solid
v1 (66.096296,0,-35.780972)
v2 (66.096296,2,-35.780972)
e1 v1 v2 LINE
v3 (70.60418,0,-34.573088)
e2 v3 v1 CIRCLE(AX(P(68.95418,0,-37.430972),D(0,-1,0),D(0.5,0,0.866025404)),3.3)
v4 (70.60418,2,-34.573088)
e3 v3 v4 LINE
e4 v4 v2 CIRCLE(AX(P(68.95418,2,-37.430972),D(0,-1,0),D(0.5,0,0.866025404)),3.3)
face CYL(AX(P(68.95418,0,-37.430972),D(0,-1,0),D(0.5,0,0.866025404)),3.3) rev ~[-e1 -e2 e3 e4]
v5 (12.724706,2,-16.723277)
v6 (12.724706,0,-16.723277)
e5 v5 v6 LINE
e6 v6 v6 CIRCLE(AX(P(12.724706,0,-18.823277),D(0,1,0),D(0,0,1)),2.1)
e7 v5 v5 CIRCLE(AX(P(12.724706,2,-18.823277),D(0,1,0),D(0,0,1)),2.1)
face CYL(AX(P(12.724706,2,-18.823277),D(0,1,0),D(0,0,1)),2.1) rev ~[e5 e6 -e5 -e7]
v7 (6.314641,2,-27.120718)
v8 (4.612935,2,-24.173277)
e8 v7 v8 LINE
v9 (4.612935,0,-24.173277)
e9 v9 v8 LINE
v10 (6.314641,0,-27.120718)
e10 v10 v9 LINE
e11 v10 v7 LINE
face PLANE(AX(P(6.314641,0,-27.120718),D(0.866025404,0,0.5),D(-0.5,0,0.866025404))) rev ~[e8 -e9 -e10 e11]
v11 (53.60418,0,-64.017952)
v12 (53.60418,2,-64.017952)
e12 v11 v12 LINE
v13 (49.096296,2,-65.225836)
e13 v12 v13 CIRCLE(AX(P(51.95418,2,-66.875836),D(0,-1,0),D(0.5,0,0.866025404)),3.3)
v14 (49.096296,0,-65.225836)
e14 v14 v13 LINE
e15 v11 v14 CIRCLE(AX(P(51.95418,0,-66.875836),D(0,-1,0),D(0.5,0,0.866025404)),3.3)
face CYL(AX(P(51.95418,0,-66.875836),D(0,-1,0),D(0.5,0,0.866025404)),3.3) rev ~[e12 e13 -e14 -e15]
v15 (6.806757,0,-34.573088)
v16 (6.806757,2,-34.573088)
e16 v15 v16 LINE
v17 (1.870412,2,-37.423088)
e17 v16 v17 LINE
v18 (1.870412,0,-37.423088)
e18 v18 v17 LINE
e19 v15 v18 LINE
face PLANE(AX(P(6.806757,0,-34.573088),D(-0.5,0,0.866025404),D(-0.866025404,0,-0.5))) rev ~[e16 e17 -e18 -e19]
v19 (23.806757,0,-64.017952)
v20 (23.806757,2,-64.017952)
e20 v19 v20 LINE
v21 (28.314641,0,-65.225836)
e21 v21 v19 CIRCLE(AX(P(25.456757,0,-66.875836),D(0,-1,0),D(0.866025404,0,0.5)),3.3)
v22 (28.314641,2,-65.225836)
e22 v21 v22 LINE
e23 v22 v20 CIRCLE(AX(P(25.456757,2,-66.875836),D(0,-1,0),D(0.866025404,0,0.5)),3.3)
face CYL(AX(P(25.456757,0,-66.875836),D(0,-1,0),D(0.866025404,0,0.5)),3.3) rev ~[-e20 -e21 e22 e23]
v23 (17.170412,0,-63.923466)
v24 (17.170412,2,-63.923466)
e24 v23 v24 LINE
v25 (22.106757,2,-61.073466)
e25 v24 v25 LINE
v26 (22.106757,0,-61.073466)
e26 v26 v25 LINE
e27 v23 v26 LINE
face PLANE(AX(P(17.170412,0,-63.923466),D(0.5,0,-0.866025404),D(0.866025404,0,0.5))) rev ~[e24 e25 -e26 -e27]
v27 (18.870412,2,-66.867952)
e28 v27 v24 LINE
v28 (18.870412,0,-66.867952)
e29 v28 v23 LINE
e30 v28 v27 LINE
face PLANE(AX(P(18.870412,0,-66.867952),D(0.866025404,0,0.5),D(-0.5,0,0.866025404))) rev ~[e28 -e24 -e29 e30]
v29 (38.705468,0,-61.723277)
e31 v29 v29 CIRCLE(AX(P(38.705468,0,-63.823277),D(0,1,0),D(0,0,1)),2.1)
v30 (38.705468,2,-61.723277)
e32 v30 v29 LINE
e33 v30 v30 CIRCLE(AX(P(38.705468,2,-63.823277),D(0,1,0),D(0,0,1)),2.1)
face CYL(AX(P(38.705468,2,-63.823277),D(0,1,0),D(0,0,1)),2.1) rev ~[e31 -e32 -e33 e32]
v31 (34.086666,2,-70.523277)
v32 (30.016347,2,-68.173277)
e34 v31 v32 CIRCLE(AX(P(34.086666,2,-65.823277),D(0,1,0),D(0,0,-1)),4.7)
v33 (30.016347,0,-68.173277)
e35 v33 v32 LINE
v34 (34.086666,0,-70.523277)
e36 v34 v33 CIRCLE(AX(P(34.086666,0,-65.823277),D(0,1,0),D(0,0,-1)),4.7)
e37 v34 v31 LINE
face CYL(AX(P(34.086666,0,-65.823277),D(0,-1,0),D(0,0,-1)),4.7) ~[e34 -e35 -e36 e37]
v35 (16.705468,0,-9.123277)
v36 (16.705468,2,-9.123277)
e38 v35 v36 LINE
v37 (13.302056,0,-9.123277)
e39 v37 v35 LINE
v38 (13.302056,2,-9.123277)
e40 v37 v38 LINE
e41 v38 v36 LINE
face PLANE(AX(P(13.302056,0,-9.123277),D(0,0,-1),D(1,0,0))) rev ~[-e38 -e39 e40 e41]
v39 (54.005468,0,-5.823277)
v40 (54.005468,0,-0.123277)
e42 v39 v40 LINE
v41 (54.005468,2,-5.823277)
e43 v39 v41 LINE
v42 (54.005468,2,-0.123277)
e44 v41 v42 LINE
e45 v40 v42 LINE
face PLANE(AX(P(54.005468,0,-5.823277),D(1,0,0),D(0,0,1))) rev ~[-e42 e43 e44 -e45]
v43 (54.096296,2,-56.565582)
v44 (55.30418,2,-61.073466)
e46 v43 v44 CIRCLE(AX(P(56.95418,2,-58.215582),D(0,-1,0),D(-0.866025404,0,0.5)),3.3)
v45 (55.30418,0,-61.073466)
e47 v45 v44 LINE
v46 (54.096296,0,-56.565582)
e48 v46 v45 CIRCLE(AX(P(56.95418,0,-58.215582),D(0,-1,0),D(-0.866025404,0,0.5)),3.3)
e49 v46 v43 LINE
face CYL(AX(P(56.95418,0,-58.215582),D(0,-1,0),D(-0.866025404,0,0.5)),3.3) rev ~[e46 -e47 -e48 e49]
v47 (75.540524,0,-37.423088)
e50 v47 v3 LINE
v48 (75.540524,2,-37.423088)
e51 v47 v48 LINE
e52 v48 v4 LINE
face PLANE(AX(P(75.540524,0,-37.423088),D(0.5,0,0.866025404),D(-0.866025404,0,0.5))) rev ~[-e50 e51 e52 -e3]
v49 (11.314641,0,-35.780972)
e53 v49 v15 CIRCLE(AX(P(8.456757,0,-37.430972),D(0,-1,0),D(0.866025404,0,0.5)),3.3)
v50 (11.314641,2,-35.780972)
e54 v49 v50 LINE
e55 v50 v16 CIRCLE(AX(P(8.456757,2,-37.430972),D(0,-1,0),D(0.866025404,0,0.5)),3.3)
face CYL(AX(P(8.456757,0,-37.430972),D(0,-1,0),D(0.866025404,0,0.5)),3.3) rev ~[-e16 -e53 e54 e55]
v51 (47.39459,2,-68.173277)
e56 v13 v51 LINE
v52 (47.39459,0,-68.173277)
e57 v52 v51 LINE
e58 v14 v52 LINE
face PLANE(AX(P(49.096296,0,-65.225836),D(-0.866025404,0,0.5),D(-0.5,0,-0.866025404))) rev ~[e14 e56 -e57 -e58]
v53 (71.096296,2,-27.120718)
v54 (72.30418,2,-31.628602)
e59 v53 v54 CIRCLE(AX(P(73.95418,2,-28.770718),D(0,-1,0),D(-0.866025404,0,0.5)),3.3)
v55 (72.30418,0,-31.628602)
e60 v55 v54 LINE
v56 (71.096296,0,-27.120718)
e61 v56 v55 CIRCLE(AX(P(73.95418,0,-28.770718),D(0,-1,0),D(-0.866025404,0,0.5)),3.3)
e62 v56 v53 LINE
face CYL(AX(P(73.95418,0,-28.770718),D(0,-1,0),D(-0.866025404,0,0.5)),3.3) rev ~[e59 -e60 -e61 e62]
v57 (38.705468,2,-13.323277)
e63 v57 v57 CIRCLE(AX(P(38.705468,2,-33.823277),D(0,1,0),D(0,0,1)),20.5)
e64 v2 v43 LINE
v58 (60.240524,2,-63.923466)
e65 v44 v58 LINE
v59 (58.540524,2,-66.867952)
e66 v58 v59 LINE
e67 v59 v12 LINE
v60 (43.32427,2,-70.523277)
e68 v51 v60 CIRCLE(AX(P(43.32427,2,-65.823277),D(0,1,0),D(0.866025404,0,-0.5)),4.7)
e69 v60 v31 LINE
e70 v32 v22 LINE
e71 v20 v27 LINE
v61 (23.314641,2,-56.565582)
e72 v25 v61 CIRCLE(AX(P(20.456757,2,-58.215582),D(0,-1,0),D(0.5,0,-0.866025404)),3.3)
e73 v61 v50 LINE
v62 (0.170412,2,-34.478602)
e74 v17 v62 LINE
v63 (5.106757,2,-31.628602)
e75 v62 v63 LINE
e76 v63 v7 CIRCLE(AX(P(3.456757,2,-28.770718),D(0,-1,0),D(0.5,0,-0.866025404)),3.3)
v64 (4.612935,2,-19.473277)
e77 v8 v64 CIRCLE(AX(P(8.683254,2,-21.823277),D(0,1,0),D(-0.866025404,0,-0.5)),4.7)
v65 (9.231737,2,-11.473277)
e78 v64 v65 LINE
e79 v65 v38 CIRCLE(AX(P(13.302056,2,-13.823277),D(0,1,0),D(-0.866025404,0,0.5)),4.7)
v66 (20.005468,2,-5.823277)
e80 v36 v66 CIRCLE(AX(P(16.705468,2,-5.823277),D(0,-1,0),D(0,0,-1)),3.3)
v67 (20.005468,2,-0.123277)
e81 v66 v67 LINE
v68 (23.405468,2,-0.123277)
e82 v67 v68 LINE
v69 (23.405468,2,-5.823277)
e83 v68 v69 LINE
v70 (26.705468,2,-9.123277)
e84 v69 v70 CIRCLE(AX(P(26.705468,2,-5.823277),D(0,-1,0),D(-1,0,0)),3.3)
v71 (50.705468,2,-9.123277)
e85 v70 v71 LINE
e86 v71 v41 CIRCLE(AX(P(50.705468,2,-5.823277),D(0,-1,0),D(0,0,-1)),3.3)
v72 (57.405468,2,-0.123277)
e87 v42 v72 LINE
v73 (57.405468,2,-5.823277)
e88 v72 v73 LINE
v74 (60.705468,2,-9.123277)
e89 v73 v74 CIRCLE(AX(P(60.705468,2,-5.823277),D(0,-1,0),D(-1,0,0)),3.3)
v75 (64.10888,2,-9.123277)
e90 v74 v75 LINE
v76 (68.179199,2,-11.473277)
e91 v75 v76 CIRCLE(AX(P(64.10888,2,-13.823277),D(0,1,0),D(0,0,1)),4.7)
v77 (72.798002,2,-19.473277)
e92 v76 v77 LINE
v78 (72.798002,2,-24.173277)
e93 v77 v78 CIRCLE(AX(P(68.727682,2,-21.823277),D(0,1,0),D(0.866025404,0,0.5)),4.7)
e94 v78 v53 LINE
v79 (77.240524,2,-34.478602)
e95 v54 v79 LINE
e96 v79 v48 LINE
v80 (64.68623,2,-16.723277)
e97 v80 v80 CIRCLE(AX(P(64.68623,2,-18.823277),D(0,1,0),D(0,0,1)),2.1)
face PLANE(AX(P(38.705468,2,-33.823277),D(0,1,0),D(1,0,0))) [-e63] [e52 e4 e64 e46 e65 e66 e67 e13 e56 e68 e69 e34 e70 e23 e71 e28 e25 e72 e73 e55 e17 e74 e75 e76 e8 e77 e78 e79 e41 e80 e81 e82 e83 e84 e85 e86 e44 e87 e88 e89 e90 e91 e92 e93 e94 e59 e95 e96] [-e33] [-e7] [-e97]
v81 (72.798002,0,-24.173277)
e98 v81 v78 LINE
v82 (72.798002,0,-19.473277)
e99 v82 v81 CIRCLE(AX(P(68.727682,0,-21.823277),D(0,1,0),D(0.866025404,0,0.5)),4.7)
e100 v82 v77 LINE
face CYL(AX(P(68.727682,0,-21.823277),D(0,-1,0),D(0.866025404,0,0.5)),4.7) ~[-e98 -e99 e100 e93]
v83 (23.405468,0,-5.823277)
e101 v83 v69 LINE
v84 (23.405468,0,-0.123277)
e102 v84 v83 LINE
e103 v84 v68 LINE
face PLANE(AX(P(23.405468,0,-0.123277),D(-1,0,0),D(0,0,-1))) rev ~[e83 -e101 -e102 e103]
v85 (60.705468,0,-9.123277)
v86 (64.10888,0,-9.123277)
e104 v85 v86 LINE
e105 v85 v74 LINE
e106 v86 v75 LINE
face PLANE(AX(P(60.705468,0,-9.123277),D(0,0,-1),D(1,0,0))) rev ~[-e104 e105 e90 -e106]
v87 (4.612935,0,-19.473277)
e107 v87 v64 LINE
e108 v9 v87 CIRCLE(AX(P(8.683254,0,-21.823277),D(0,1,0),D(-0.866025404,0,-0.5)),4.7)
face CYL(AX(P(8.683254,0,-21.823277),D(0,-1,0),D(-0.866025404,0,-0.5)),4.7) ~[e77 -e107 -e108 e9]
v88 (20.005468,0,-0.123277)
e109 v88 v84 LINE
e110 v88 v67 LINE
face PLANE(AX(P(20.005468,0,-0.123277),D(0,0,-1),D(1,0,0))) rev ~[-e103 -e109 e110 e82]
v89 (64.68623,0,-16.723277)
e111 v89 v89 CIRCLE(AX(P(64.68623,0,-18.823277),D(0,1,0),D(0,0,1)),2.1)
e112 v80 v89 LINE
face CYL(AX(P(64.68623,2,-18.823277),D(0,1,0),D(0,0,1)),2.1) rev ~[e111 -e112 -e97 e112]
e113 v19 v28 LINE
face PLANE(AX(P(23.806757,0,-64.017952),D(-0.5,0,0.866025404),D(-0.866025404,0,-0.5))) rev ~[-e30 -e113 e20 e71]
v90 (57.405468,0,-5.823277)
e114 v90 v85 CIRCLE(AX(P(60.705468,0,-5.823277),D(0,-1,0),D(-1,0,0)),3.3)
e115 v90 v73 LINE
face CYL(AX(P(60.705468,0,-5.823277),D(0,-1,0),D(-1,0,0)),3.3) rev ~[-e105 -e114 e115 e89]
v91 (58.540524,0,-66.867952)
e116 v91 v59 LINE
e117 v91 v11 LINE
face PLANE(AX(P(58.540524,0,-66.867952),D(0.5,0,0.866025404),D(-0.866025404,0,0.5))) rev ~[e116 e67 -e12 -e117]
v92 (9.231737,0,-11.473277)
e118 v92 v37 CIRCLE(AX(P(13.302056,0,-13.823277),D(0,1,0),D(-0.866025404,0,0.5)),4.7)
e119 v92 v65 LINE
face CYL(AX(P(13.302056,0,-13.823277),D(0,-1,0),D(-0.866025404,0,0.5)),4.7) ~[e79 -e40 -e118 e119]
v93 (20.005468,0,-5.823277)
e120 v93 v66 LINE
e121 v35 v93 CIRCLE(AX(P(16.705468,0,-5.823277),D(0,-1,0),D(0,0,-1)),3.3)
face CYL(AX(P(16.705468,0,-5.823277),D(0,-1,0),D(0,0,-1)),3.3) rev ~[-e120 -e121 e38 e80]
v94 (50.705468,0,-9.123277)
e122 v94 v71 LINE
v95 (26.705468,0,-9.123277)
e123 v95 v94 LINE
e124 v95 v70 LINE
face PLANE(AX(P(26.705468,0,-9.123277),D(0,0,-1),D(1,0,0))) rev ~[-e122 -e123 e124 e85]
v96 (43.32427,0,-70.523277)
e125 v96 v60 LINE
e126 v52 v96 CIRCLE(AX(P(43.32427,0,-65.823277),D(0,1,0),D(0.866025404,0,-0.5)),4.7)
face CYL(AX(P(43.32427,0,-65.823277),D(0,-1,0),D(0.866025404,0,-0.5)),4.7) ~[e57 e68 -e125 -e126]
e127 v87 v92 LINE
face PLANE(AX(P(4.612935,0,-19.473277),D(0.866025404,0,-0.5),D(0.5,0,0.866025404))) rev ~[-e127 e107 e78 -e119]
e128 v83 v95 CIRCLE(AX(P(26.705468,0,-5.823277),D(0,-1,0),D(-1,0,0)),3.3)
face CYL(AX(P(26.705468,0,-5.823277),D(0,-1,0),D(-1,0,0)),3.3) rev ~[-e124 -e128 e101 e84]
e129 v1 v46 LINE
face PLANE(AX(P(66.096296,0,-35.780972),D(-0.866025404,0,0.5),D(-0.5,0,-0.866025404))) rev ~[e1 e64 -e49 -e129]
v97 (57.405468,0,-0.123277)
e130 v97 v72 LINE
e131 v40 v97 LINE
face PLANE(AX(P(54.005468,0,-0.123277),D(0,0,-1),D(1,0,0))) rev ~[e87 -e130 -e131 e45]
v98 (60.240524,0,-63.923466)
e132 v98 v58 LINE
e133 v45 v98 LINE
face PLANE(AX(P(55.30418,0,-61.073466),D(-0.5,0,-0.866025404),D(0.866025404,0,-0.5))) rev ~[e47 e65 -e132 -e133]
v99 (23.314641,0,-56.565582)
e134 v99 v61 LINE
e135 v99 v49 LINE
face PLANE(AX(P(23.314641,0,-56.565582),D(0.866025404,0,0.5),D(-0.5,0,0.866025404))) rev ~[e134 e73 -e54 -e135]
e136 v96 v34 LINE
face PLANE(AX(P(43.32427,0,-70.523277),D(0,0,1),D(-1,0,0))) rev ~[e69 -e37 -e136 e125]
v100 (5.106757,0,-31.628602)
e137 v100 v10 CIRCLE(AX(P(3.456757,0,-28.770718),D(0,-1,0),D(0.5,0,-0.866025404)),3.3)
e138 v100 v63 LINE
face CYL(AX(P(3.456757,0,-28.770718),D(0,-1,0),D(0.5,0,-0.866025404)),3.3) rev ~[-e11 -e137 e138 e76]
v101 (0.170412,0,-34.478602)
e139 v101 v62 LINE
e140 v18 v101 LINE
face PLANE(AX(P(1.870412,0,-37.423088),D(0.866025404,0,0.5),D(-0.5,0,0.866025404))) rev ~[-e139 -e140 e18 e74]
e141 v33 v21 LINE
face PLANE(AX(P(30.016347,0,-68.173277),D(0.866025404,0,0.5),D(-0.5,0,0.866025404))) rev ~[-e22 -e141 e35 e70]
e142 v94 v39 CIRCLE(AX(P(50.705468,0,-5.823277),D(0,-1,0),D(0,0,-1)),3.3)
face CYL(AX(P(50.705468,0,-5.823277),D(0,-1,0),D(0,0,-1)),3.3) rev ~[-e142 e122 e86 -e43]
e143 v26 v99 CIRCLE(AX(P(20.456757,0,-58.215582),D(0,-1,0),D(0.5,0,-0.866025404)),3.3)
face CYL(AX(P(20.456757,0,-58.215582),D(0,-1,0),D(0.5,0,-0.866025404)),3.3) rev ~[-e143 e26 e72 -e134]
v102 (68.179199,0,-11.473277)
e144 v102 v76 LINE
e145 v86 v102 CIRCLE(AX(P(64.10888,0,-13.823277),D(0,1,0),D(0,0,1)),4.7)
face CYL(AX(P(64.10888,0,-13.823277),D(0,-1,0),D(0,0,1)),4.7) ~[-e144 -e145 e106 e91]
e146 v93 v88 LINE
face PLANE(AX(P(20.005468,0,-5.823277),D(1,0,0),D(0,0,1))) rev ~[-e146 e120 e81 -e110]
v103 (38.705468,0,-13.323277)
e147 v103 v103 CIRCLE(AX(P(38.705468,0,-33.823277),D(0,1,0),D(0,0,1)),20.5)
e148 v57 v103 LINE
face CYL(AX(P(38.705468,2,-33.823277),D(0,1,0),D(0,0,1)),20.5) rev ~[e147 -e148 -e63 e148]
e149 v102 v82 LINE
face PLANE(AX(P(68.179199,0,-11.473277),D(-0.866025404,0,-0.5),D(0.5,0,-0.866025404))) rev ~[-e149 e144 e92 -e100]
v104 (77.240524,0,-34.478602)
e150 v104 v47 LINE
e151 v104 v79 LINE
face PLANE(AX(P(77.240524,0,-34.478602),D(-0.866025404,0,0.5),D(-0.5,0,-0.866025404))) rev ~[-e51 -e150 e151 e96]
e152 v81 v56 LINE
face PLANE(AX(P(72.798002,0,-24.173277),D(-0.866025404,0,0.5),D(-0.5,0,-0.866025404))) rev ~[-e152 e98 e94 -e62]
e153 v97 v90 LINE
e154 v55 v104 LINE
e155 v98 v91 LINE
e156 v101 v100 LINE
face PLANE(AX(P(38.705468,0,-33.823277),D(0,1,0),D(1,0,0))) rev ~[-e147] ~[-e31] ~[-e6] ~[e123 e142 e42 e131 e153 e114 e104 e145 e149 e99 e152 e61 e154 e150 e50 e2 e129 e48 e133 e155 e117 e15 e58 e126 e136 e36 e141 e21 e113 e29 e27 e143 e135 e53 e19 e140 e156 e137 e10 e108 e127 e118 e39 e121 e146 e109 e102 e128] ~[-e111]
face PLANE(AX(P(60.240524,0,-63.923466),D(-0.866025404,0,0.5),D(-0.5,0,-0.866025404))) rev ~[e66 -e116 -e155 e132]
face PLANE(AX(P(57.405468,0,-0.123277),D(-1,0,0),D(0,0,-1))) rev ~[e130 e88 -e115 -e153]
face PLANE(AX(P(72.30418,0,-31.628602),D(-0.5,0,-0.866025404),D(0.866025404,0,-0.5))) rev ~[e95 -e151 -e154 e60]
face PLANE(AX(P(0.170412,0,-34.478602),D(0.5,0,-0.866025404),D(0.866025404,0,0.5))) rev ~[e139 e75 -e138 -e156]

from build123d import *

# Parameters (mm, degrees)
BOSS_EXTRUDE1_DEPTH = 2
SKETCH4_R           = 2.1
CUT_EXTRUDE1_DEPTH  = 105.611811864
SKETCH5_R           = 20.5
CUT_EXTRUDE2_DEPTH  = 105.611811864


with BuildPart() as part:
    # Sketch1 → Boss-Extrude1 (new body)
    with BuildSketch(Plane(origin=(0, 0, 0), x_dir=(1, 0, 0), z_dir=(0, 1, 0))):
        with BuildLine():
            Line((49.096295698, 65.225835767), (47.394589776, 68.173276884))
            ThreePointArc((47.394589776, 68.173276884), (45.674270378, 69.893596282), (43.324270378, 70.523276884))
            Line((43.324270378, 70.523276884), (34.086666071, 70.523276884))
            ThreePointArc((34.086666071, 70.523276884), (31.736666071, 69.893596282), (30.016346673, 68.173276884))
            Line((30.016346673, 68.173276884), (28.314640751, 65.225835767))
            ThreePointArc((28.314640751, 65.225835767), (26.310859767, 63.688280541), (23.806756919, 64.017951935))
            Line((23.806756919, 64.017951935), (18.870412117, 66.867951935))
            Line((18.870412117, 66.867951935), (17.170412117, 63.923465562))
            Line((17.170412117, 63.923465562), (22.106756919, 61.073465562))
            ThreePointArc((22.106756919, 61.073465562), (23.644312145, 59.069684578), (23.314640751, 56.565581729))
            Line((23.314640751, 56.565581729), (11.314640751, 35.780972039))
            ThreePointArc((11.314640751, 35.780972039), (9.310859767, 34.243416812), (6.806756919, 34.573088206))
            Line((6.806756919, 34.573088206), (1.870412117, 37.423088206))
            Line((1.870412117, 37.423088206), (0.170412117, 34.478601833))
            Line((0.170412117, 34.478601833), (5.106756919, 31.628601833))
            ThreePointArc((5.106756919, 31.628601833), (6.644312145, 29.62482085), (6.314640751, 27.120718001))
            Line((6.314640751, 27.120718001), (4.612934829, 24.173276884))
            ThreePointArc((4.612934829, 24.173276884), (3.983254227, 21.823276884), (4.612934829, 19.473276884))
            Line((4.612934829, 19.473276884), (9.231736982, 11.473276884))
            ThreePointArc((9.231736982, 11.473276884), (10.95205638, 9.752957486), (13.30205638, 9.123276884))
            Line((13.30205638, 9.123276884), (16.705468225, 9.123276884))
            ThreePointArc((16.705468225, 9.123276884), (19.038920602, 8.156729262), (20.005468225, 5.823276884))
            Line((20.005468225, 5.823276884), (20.005468225, 0.123276884))
            Line((20.005468225, 0.123276884), (23.405468225, 0.123276884))
            Line((23.405468225, 0.123276884), (23.405468225, 5.823276884))
            ThreePointArc((23.405468225, 5.823276884), (24.372015847, 8.156729262), (26.705468225, 9.123276884))
            Line((26.705468225, 9.123276884), (50.705468225, 9.123276884))
            ThreePointArc((50.705468225, 9.123276884), (53.038920602, 8.156729262), (54.005468225, 5.823276884))
            Line((54.005468225, 5.823276884), (54.005468225, 0.123276884))
            Line((54.005468225, 0.123276884), (57.405468225, 0.123276884))
            Line((57.405468225, 0.123276884), (57.405468225, 5.823276884))
            ThreePointArc((57.405468225, 5.823276884), (58.372015847, 8.156729262), (60.705468225, 9.123276884))
            Line((60.705468225, 9.123276884), (64.108880069, 9.123276884))
            ThreePointArc((64.108880069, 9.123276884), (66.458880069, 9.752957486), (68.179199467, 11.473276884))
            Line((68.179199467, 11.473276884), (72.79800162, 19.473276884))
            ThreePointArc((72.79800162, 19.473276884), (73.427682222, 21.823276884), (72.79800162, 24.173276884))
            Line((72.79800162, 24.173276884), (71.096295698, 27.120718001))
            ThreePointArc((71.096295698, 27.120718001), (70.766624304, 29.62482085), (72.304179531, 31.628601833))
            Line((72.304179531, 31.628601833), (77.240524332, 34.478601833))
            Line((77.240524332, 34.478601833), (75.540524332, 37.423088206))
            Line((75.540524332, 37.423088206), (70.604179531, 34.573088206))
            ThreePointArc((70.604179531, 34.573088206), (68.100076682, 34.243416812), (66.096295698, 35.780972039))
            Line((66.096295698, 35.780972039), (54.096295698, 56.565581729))
            ThreePointArc((54.096295698, 56.565581729), (53.766624304, 59.069684578), (55.304179531, 61.073465562))
            Line((55.304179531, 61.073465562), (60.240524332, 63.923465562))
            Line((60.240524332, 63.923465562), (58.540524332, 66.867951935))
            Line((58.540524332, 66.867951935), (53.604179531, 64.017951935))
            ThreePointArc((53.604179531, 64.017951935), (51.100076682, 63.688280541), (49.096295698, 65.225835767))
        make_face()
    extrude(amount=BOSS_EXTRUDE1_DEPTH)

    # Sketch4 → Cut-Extrude1 (cut, through all)
    with BuildSketch(Plane(origin=(0, 2, 0), x_dir=(1, 0, 0), z_dir=(0, 1, 0))):
        with Locations(Location((38.705468225, 63.823276884, 0), (0, 0, 270))):
            Circle(SKETCH4_R)
        with Locations(Location((12.724706111, 18.823276884, 0), (0, 0, 270))):
            Circle(SKETCH4_R)
        with Locations(Location((64.686230338, 18.823276884, 0), (0, 0, 270))):
            Circle(SKETCH4_R)
    extrude(amount=-CUT_EXTRUDE1_DEPTH, mode=Mode.SUBTRACT)

    # Sketch5 → Cut-Extrude2 (cut, through all)
    with BuildSketch(Plane(origin=(0, 2, 0), x_dir=(1, 0, 0), z_dir=(0, 1, 0))):
        with Locations(Location((38.705468225, 33.823276884, 0), (0, 0, 270))):
            Circle(SKETCH5_R)
    extrude(amount=-CUT_EXTRUDE2_DEPTH, mode=Mode.SUBTRACT)


solid = part.part
